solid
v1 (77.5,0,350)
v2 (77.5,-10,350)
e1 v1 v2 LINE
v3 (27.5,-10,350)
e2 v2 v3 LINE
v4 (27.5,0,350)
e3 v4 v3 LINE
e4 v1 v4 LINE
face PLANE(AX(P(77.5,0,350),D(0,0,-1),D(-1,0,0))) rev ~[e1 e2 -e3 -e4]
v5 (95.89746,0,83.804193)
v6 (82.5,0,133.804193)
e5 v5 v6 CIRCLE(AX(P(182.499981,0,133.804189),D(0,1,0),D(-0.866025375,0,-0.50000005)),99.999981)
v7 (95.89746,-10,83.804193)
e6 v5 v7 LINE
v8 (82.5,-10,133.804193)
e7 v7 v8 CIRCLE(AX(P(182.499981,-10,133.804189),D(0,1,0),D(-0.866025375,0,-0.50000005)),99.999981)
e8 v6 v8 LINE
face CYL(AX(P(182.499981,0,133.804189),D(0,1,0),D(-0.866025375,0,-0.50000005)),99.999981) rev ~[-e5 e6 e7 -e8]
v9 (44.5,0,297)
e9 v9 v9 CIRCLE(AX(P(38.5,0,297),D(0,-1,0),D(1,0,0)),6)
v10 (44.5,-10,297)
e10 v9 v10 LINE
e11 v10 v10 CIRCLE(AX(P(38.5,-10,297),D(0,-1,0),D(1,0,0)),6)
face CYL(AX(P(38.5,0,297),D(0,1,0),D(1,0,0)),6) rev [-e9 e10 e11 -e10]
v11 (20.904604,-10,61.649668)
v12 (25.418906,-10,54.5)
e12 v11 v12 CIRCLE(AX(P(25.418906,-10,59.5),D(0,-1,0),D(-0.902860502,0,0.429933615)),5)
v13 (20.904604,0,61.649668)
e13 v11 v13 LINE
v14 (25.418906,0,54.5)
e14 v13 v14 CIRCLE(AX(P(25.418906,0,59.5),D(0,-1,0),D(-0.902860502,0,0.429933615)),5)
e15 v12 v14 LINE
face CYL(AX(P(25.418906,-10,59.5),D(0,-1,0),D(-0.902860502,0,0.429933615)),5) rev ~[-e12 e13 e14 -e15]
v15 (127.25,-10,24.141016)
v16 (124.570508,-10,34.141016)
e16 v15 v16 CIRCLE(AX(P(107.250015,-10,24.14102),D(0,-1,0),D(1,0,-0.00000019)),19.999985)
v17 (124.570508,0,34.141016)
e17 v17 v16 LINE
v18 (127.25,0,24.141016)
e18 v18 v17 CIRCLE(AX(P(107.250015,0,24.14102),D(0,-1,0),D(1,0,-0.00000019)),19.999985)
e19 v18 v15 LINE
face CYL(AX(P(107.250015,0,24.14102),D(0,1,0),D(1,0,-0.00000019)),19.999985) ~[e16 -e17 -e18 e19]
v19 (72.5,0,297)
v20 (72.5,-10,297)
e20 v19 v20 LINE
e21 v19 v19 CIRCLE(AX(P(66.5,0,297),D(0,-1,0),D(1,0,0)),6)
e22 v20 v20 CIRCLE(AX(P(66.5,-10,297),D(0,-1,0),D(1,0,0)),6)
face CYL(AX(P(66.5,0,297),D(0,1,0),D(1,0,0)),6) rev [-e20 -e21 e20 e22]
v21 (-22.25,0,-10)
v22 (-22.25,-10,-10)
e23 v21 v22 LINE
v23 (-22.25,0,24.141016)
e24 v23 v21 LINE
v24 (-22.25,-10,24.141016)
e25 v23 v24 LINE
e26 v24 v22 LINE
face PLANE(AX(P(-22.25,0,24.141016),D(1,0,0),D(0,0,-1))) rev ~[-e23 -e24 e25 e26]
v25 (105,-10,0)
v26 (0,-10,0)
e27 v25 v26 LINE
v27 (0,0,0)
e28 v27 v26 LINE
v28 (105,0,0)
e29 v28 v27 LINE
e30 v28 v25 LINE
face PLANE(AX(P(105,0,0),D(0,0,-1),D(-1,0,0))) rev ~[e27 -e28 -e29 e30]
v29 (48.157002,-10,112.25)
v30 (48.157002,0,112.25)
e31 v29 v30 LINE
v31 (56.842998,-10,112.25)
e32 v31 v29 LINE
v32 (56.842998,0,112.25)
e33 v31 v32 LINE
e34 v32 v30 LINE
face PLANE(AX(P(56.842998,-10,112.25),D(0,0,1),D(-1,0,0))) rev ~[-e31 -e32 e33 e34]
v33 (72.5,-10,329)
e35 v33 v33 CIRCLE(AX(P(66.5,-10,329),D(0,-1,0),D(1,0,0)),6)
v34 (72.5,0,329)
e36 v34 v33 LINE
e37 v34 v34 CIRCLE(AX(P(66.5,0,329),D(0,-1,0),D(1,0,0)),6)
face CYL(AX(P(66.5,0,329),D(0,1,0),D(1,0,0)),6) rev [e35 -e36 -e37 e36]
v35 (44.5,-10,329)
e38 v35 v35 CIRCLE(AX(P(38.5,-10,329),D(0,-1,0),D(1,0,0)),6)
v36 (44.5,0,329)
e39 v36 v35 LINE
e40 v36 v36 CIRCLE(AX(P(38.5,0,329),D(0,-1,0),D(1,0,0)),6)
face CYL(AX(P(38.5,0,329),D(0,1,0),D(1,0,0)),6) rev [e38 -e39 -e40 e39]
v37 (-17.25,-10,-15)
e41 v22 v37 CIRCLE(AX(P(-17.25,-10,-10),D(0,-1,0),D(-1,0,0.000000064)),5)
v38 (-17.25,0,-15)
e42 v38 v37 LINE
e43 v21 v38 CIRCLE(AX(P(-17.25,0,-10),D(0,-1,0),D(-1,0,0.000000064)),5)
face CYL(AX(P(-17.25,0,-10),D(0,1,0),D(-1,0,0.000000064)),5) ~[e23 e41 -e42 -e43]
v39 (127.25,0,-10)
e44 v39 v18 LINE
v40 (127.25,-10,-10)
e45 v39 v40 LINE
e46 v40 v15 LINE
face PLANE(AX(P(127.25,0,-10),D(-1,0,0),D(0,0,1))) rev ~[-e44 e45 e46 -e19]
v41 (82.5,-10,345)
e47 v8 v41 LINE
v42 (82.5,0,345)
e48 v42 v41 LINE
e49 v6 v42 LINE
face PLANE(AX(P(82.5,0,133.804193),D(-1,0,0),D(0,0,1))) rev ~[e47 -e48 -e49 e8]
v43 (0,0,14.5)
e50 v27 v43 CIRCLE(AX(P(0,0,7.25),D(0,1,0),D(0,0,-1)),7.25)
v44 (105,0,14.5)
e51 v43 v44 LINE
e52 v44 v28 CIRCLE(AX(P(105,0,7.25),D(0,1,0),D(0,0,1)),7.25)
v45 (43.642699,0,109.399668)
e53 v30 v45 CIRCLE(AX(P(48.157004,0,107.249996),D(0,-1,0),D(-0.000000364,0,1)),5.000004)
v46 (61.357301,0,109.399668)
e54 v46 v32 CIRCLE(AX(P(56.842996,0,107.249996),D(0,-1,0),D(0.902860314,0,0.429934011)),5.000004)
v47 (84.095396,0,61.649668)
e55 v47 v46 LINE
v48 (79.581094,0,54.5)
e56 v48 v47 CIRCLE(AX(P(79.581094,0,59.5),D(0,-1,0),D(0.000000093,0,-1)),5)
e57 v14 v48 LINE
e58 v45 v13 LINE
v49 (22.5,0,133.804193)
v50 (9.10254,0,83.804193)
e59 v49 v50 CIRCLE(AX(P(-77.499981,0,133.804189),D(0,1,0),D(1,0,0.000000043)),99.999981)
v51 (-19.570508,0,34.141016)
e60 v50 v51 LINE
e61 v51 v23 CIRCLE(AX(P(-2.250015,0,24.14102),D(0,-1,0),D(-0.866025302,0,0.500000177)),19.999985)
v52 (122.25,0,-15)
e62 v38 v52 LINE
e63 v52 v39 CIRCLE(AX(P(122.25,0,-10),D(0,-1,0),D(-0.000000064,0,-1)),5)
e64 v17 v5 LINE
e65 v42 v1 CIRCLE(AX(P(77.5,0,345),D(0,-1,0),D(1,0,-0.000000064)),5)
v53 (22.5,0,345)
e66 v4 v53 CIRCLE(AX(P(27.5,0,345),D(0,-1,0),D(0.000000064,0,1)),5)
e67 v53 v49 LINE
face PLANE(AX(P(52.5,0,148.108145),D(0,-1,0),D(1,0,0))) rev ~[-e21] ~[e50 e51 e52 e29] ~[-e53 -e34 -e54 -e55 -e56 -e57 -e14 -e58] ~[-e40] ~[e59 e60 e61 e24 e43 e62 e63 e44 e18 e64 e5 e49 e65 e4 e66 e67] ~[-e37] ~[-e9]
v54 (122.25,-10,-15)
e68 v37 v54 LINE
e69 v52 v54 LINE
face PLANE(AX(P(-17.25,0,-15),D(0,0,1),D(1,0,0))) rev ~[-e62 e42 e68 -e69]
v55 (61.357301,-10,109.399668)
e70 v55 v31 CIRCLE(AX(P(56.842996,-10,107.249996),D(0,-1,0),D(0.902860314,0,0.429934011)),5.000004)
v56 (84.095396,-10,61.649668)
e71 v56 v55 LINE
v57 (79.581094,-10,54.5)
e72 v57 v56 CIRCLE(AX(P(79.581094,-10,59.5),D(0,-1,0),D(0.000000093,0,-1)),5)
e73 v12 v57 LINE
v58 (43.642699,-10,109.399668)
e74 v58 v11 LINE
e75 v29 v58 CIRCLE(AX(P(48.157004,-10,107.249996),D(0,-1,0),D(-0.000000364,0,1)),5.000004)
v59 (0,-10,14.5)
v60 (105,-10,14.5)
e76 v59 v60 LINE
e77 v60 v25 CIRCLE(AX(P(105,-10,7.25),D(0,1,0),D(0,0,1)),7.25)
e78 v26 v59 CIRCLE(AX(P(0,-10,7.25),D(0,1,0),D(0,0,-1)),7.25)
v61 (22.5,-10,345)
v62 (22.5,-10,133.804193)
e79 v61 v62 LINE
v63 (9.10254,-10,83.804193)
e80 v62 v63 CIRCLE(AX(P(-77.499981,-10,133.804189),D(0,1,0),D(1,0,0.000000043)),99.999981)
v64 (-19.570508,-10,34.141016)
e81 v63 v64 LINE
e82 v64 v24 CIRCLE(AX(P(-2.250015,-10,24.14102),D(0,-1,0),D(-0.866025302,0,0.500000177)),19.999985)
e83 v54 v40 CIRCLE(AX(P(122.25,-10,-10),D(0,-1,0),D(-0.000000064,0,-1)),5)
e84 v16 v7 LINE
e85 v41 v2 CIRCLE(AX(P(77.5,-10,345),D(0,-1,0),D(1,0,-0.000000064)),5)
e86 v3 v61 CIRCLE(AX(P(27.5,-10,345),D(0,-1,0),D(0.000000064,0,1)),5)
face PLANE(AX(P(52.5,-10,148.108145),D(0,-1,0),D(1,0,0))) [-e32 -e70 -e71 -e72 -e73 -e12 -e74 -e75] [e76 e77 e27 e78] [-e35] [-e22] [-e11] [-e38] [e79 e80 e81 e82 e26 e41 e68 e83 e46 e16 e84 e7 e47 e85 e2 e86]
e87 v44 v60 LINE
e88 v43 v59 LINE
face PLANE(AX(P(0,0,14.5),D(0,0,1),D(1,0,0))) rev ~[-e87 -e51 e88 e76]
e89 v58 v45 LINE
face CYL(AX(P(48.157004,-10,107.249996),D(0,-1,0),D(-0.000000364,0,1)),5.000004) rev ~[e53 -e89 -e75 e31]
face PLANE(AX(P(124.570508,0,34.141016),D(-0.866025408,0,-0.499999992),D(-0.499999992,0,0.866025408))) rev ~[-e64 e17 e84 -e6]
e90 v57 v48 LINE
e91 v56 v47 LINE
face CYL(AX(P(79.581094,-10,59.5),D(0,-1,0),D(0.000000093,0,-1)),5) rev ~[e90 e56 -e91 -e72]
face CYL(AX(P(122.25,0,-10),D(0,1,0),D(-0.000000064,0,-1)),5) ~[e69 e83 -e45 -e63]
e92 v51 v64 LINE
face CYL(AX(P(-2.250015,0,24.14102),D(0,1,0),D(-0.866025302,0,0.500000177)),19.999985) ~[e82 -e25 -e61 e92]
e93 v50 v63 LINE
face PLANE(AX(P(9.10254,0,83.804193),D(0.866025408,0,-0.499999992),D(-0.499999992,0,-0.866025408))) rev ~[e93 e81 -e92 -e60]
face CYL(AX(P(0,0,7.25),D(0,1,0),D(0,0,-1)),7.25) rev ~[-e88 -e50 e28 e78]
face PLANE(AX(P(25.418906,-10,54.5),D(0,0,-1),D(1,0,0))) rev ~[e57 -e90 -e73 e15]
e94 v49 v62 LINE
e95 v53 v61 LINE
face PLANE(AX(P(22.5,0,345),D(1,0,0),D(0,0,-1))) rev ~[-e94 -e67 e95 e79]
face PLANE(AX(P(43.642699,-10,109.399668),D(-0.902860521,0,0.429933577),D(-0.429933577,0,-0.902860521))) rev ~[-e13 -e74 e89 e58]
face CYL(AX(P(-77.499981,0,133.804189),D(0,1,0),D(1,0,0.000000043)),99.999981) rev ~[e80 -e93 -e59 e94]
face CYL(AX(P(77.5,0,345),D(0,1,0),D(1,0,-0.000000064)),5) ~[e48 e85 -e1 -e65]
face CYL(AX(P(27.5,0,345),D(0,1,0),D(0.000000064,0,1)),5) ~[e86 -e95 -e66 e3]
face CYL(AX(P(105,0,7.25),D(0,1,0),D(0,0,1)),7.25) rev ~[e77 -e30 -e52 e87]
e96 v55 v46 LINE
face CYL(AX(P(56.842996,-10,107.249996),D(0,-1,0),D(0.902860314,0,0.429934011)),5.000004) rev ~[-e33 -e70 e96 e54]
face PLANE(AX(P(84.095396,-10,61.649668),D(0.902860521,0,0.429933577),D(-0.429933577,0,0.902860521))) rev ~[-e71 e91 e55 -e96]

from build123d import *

# Parameters (mm, degrees)
F0_R     = 6
F1_DEPTH = 10
F3_DEPTH = 25


with BuildPart() as f1:
    # F0 (on Front) → F1 (new body)
    with BuildSketch(Plane.XZ):
        with BuildLine():
            ThreePointArc((-22.25, -10), (-20.785534, -13.535534), (-17.25, -15))
            Line((-17.25, -15), (122.25, -15))
            ThreePointArc((122.25, -15), (125.785534, -13.535534), (127.25, -10))
            Line((127.25, -10), (127.25, 24.141016))
            ThreePointArc((127.25, 24.141016), (126.568517, 29.317397), (124.570508, 34.141016))
            Line((124.570508, 34.141016), (95.89746, 83.804193))
            ThreePointArc((95.89746, 83.804193), (85.907417, 107.922288), (82.5, 133.804193))
            Line((82.5, 133.804193), (82.5, 345))
            ThreePointArc((82.5, 345), (81.035534, 348.535534), (77.5, 350))
            Line((77.5, 350), (27.5, 350))
            ThreePointArc((27.5, 350), (23.964466, 348.535534), (22.5, 345))
            Line((22.5, 345), (22.5, 133.804193))
            ThreePointArc((22.5, 133.804193), (19.092583, 107.922288), (9.10254, 83.804193))
            Line((9.10254, 83.804193), (-19.570508, 34.141016))
            ThreePointArc((-19.570508, 34.141016), (-21.568517, 29.317397), (-22.25, 24.141016))
            Line((-22.25, 24.141016), (-22.25, -10))
        make_face()
        with BuildLine():
            Line((105, 0), (0, 0))
            ThreePointArc((0, 0), (-7.25, 7.25), (0, 14.5))
            Line((0, 14.5), (105, 14.5))
            ThreePointArc((105, 14.5), (112.25, 7.25), (105, 0))
        make_face(mode=Mode.SUBTRACT)
        with Locations((38.5, 297)):
            Circle(F0_R, mode=Mode.SUBTRACT)
        with Locations((38.5, 329)):
            Circle(F0_R, mode=Mode.SUBTRACT)
        with Locations((66.5, 297)):
            Circle(F0_R, mode=Mode.SUBTRACT)
        with Locations((66.5, 329)):
            Circle(F0_R, mode=Mode.SUBTRACT)
    extrude(amount=F1_DEPTH)

    # F2 (on face) → F3 (cut)
    with BuildSketch(Plane.XZ.offset(10)):
        with BuildLine():
            ThreePointArc((48.157002, 112.25), (45.487577, 111.477785), (43.642699, 109.399668))
            Line((43.642699, 109.399668), (20.904604, 61.649668))
            ThreePointArc((20.904604, 61.649668), (21.191121, 56.830575), (25.418906, 54.5))
            Line((25.418906, 54.5), (79.581094, 54.5))
            ThreePointArc((79.581094, 54.5), (83.808879, 56.830575), (84.095396, 61.649668))
            Line((84.095396, 61.649668), (61.357301, 109.399668))
            ThreePointArc((61.357301, 109.399668), (59.512423, 111.477785), (56.842998, 112.25))
            Line((56.842998, 112.25), (48.157002, 112.25))
        make_face()
    extrude(amount=-F3_DEPTH, mode=Mode.SUBTRACT)


solid = f1.part
